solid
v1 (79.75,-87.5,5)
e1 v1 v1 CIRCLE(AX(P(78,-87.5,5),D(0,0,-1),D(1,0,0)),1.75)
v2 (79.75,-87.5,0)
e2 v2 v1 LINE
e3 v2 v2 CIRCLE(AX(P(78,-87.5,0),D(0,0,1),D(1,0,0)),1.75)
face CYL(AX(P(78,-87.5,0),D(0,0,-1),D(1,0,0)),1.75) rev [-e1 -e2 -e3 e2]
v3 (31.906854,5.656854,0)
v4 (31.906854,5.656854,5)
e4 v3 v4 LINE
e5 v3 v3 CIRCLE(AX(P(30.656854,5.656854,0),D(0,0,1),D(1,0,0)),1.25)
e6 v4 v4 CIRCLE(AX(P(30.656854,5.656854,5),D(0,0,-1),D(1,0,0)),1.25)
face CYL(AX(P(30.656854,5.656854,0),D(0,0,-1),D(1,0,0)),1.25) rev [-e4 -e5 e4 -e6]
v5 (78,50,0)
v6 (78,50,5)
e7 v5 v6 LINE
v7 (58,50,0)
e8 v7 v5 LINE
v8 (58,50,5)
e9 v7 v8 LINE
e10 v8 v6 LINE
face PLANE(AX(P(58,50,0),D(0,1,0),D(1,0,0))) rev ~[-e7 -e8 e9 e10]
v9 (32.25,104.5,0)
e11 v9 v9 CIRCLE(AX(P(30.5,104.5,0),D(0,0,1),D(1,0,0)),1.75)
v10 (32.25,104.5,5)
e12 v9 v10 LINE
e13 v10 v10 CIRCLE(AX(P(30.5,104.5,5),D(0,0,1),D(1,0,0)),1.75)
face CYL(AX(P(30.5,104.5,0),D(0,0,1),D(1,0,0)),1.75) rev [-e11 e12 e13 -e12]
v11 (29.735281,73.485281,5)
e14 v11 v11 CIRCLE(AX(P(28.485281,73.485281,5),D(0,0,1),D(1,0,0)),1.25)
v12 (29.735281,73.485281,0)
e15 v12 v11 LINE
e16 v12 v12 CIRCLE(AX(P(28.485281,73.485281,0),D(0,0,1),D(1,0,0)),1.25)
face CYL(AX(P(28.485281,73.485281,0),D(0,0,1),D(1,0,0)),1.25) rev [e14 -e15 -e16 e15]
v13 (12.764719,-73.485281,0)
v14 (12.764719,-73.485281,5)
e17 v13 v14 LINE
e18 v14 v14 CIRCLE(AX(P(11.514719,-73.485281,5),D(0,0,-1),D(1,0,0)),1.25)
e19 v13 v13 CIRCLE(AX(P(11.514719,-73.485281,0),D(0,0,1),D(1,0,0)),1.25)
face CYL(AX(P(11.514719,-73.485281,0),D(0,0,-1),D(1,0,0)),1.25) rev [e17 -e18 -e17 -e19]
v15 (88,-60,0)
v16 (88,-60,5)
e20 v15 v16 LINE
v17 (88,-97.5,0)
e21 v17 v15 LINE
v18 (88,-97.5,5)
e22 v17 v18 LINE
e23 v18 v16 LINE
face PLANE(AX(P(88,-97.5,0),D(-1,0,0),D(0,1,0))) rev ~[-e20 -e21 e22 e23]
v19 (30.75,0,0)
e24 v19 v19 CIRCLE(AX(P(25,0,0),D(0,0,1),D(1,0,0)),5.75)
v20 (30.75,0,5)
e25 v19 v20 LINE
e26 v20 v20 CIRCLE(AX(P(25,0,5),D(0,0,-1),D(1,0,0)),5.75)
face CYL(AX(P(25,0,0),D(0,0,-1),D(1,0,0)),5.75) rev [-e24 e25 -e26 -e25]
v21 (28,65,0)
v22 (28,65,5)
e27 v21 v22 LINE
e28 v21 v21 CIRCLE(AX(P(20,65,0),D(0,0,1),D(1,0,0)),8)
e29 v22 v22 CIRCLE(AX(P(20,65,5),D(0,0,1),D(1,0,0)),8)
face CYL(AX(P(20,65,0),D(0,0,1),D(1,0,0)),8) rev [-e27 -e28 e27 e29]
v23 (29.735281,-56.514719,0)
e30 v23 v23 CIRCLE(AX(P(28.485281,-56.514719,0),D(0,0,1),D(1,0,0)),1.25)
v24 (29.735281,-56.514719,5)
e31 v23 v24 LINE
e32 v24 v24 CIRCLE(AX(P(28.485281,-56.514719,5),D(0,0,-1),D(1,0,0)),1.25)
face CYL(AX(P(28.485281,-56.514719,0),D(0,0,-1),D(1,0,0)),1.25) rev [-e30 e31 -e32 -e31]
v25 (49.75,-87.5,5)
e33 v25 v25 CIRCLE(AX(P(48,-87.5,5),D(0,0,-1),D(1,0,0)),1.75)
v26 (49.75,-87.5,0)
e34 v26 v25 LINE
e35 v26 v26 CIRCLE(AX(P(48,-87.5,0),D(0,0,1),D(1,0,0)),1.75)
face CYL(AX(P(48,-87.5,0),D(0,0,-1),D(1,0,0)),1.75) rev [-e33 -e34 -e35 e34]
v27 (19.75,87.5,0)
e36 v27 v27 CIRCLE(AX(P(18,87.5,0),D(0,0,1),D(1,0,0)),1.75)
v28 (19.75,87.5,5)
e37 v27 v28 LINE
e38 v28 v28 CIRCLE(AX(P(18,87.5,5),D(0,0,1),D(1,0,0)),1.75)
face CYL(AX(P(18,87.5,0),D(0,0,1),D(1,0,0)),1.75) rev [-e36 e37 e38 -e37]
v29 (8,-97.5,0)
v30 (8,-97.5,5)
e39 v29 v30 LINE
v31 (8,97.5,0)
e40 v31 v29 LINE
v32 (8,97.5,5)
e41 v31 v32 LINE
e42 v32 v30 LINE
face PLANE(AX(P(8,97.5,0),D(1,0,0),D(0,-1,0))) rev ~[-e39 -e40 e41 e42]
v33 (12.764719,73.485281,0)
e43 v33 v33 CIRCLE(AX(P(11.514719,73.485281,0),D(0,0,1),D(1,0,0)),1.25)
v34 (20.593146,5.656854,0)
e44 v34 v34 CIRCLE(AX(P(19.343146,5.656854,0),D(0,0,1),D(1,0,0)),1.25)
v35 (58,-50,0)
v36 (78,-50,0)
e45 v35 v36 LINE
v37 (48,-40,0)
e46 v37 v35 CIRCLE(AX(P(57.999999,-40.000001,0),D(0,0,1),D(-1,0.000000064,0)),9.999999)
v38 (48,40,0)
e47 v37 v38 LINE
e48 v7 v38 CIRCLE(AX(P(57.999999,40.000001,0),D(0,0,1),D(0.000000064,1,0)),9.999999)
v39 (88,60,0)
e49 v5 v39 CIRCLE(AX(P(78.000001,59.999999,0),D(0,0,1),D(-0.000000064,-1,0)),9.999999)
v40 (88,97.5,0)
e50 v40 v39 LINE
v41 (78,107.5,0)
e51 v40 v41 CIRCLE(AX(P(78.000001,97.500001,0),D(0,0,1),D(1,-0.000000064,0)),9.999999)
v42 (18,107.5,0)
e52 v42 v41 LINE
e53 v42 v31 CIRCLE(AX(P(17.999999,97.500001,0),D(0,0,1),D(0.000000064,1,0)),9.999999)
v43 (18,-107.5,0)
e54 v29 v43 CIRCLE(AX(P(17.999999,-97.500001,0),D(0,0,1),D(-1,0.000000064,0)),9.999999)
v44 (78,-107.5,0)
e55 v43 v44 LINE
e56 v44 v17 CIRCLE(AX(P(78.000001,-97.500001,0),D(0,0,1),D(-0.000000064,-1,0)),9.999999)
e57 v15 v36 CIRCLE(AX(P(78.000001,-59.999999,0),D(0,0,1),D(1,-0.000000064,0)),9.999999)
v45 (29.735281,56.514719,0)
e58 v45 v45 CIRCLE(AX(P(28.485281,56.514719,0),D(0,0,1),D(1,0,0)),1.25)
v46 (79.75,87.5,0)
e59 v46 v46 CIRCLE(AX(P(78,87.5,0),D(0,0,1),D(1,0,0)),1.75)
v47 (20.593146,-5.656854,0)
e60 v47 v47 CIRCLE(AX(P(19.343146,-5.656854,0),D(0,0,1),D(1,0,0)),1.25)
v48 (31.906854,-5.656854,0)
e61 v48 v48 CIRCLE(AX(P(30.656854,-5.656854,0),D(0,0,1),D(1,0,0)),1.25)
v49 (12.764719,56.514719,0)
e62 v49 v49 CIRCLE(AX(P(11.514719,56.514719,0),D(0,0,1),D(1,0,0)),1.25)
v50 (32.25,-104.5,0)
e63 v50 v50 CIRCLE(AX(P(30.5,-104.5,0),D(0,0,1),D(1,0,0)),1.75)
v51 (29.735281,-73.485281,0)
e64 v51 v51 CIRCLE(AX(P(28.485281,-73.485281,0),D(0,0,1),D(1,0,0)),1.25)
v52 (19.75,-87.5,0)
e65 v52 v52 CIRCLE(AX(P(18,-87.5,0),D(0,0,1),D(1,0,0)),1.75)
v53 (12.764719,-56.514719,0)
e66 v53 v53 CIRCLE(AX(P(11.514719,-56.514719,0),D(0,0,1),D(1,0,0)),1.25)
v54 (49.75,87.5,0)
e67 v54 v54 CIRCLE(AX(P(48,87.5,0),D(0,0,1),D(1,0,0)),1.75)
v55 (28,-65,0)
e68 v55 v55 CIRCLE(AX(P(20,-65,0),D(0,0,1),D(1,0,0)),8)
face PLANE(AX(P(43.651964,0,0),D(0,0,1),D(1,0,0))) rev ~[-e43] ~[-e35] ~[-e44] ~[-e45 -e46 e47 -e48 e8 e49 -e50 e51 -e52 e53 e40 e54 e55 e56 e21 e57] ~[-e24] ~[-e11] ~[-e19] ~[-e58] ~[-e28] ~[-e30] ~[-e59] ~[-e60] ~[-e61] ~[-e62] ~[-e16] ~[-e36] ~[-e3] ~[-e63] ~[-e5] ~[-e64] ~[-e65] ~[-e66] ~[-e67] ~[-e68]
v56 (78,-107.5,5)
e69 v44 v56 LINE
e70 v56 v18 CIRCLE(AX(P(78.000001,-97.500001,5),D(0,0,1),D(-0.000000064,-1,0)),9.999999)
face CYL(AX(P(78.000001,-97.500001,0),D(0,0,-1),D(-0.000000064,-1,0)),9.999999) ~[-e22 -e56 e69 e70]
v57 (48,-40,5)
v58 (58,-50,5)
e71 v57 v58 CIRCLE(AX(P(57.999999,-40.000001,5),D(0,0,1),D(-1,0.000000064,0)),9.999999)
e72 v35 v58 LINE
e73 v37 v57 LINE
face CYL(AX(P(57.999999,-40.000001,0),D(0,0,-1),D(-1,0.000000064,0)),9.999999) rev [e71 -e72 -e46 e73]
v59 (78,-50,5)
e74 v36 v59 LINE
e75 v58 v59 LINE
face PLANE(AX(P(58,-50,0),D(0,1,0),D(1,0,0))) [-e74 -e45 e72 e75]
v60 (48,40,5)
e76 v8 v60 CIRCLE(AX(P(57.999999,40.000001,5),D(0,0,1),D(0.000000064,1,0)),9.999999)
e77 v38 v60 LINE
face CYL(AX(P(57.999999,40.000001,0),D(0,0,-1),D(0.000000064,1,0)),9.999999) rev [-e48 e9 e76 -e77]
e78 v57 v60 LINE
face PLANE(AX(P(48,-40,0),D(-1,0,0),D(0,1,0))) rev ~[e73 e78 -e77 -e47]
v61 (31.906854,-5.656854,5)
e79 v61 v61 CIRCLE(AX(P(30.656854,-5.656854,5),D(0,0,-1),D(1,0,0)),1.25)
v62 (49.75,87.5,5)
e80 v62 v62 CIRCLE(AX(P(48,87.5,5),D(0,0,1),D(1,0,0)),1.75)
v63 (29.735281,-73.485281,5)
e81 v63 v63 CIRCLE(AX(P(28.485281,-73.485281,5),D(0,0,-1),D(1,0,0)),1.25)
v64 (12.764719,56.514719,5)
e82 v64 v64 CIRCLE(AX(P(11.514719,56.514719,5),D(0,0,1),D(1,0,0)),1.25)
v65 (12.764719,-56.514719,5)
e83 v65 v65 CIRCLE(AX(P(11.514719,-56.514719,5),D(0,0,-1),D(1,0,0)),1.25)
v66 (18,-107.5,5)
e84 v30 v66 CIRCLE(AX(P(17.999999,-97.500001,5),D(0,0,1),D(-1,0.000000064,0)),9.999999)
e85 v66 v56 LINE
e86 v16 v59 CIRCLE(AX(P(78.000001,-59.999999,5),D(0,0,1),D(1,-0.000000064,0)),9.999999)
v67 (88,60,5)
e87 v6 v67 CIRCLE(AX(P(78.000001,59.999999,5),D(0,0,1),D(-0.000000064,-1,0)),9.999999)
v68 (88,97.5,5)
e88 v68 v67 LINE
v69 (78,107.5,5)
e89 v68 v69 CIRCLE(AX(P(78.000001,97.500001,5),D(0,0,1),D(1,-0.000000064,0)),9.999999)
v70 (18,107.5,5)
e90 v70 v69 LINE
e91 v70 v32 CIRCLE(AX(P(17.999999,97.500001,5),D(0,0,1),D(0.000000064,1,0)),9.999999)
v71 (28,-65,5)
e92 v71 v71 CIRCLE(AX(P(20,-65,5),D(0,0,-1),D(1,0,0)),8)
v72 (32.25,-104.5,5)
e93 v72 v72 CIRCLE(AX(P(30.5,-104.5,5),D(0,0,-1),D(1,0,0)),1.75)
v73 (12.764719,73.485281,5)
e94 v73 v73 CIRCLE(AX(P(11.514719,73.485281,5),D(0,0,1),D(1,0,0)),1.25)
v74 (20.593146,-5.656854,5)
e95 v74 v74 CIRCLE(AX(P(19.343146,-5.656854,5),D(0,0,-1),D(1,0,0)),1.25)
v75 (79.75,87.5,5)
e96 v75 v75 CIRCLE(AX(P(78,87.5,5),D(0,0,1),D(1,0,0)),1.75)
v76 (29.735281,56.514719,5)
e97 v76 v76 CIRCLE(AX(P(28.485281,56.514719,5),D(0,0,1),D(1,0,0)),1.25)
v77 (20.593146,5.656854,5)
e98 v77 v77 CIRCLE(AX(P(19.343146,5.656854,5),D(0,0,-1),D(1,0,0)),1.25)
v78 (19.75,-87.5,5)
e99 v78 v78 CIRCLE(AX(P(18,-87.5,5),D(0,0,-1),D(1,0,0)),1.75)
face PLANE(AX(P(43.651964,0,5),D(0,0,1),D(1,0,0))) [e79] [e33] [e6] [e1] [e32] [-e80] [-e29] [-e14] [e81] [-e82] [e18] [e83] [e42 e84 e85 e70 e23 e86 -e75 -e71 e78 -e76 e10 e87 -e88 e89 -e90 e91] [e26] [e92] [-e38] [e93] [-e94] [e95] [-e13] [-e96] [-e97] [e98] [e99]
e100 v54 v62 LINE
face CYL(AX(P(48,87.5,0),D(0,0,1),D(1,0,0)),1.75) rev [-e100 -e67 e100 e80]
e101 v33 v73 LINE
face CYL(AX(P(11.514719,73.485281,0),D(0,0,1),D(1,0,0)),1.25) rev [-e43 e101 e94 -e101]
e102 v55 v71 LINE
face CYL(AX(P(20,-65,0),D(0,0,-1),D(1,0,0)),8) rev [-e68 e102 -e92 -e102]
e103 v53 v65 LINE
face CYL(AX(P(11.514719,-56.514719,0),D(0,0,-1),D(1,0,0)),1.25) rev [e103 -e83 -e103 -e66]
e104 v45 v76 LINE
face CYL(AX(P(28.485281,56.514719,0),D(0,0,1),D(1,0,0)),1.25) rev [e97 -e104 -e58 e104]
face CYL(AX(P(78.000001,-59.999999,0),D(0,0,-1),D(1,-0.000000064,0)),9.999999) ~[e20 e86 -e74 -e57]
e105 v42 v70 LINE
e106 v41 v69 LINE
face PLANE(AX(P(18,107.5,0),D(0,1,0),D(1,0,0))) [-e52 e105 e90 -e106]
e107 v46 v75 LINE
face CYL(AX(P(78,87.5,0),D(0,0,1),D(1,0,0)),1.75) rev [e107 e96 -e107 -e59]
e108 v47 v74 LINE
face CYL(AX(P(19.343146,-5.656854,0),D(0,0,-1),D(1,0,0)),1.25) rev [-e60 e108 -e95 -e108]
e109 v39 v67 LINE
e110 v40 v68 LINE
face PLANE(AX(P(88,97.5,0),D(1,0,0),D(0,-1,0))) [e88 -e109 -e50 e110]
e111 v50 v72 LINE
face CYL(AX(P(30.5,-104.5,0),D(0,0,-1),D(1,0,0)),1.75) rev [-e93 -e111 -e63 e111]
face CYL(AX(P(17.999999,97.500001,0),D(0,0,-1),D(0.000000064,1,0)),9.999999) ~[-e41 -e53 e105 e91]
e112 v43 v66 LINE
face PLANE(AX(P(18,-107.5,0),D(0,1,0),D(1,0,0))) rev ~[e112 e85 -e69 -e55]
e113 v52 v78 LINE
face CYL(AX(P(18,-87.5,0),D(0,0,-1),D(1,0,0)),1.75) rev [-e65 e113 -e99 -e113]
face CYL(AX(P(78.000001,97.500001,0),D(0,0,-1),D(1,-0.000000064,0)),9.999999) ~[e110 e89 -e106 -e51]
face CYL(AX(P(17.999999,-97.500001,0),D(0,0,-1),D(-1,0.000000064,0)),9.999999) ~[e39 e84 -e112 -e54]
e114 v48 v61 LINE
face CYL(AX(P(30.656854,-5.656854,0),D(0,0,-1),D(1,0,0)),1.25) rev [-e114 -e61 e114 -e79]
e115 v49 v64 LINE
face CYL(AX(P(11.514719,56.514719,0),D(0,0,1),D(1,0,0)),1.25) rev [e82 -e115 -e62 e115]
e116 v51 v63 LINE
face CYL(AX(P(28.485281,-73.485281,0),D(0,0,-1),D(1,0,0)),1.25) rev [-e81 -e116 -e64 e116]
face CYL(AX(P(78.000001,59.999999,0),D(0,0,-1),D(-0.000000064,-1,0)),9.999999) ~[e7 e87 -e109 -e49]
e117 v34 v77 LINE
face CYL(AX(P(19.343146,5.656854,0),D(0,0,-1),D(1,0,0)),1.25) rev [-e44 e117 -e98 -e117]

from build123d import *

# Parameters (mm, degrees)
PAD_DEPTH            = 5
SKETCH002_R          = 8
SKETCH002_R_2        = 1.25
POCKET_DEPTH         = 458.912756
POCKET_DEPTH_BACK    = 463.912756
SKETCH004_R          = 1.75
POCKET001_DEPTH      = 458.912756
POCKET001_DEPTH_BACK = 463.912756
SKETCH003_R          = 1.75
POCKET002_DEPTH      = 458.912756
POCKET002_DEPTH_BACK = 463.912756
SKETCH005_R          = 5.75
SKETCH005_R_2        = 1.25
POCKET003_DEPTH      = 0.001
POCKET003_DEPTH_BACK = 5.001


with BuildPart() as part:
    # Sketch001 → Pad (new body)
    with BuildSketch(Plane.XY):
        with BuildLine():
            Line((88, -97.5), (88, -60))
            ThreePointArc((88, -60), (85.071068, -52.928932), (78, -50))
            Line((58, -50), (78, -50))
            ThreePointArc((48, -40), (50.928932, -47.071068), (58, -50))
            Line((48, -40), (48, 40))
            ThreePointArc((58, 50), (50.928932, 47.071068), (48, 40))
            Line((58, 50), (78, 50))
            ThreePointArc((78, 50), (85.071068, 52.928932), (88, 60))
            Line((88, 97.5), (88, 60))
            ThreePointArc((88, 97.5), (85.071068, 104.571068), (78, 107.5))
            Line((18, 107.5), (78, 107.5))
            ThreePointArc((18, 107.5), (10.928932, 104.571068), (8, 97.5))
            Line((8, 97.5), (8, -97.5))
            ThreePointArc((8, -97.5), (10.928932, -104.571068), (18, -107.5))
            Line((18, -107.5), (78, -107.5))
            ThreePointArc((78, -107.5), (85.071068, -104.571068), (88, -97.5))
        make_face()
    extrude(amount=PAD_DEPTH)

    # Sketch002 → Pocket (cut, two sides)
    with BuildSketch(Plane.XY) as pocket_sk:
        with Locations((20, -65)):
            Circle(SKETCH002_R)
        with Locations((11.514719, -56.514719)):
            Circle(SKETCH002_R_2)
        with Locations((11.514719, -73.485281)):
            Circle(SKETCH002_R_2)
        with Locations((28.485281, -73.485281)):
            Circle(SKETCH002_R_2)
        with Locations((28.485281, -56.514719)):
            Circle(SKETCH002_R_2)
    pocket = extrude(amount=-POCKET_DEPTH, mode=Mode.SUBTRACT) + extrude(pocket_sk.sketch, amount=POCKET_DEPTH_BACK, mode=Mode.SUBTRACT)

    # Mirrored: Pocket across Sketch002 Axis6
    add(pocket.mirror(Plane(origin=(-25, 0, 0), x_dir=(0, 0, 1), z_dir=(0, 1, 0))), mode=Mode.SUBTRACT)

    # Sketch004 → Pocket001 (cut, two sides)
    with BuildSketch(Plane.XY) as pocket001_sk:
        with Locations((78, -87.5)):
            Circle(SKETCH004_R)
        with Locations((48, -87.5)):
            Circle(SKETCH004_R)
        with Locations((18, -87.5)):
            Circle(SKETCH004_R)
    pocket001 = extrude(amount=-POCKET001_DEPTH, mode=Mode.SUBTRACT) + extrude(pocket001_sk.sketch, amount=POCKET001_DEPTH_BACK, mode=Mode.SUBTRACT)

    # Mirrored001: Pocket001 across Sketch004 Axis0
    add(pocket001.mirror(Plane(origin=(-25, 0, 0), x_dir=(0, 0, 1), z_dir=(0, 1, 0))), mode=Mode.SUBTRACT)

    # Sketch003 → Pocket002 (cut, two sides)
    with BuildSketch(Plane.XY) as pocket002_sk:
        with Locations((30.5, -104.5)):
            Circle(SKETCH003_R)
    pocket002 = extrude(amount=-POCKET002_DEPTH, mode=Mode.SUBTRACT) + extrude(pocket002_sk.sketch, amount=POCKET002_DEPTH_BACK, mode=Mode.SUBTRACT)

    # Mirrored002: Pocket002 across Sketch003 Axis0
    add(pocket002.mirror(Plane(origin=(-25, 0, 0), x_dir=(0, 0, 1), z_dir=(0, 1, 0))), mode=Mode.SUBTRACT)

    # Sketch005 → Pocket003 (cut, two sides)
    with BuildSketch(Plane.XY) as pocket003_sk:
        with Locations((25, 0)):
            Circle(SKETCH005_R)
        with Locations((30.656854, -5.656854)):
            Circle(SKETCH005_R_2)
        with Locations((30.656854, 5.656854)):
            Circle(SKETCH005_R_2)
        with Locations((19.343146, 5.656854)):
            Circle(SKETCH005_R_2)
        with Locations((19.343146, -5.656854)):
            Circle(SKETCH005_R_2)
    extrude(amount=-POCKET003_DEPTH, mode=Mode.SUBTRACT)
    extrude(pocket003_sk.sketch, amount=POCKET003_DEPTH_BACK, mode=Mode.SUBTRACT)


solid = part.part
